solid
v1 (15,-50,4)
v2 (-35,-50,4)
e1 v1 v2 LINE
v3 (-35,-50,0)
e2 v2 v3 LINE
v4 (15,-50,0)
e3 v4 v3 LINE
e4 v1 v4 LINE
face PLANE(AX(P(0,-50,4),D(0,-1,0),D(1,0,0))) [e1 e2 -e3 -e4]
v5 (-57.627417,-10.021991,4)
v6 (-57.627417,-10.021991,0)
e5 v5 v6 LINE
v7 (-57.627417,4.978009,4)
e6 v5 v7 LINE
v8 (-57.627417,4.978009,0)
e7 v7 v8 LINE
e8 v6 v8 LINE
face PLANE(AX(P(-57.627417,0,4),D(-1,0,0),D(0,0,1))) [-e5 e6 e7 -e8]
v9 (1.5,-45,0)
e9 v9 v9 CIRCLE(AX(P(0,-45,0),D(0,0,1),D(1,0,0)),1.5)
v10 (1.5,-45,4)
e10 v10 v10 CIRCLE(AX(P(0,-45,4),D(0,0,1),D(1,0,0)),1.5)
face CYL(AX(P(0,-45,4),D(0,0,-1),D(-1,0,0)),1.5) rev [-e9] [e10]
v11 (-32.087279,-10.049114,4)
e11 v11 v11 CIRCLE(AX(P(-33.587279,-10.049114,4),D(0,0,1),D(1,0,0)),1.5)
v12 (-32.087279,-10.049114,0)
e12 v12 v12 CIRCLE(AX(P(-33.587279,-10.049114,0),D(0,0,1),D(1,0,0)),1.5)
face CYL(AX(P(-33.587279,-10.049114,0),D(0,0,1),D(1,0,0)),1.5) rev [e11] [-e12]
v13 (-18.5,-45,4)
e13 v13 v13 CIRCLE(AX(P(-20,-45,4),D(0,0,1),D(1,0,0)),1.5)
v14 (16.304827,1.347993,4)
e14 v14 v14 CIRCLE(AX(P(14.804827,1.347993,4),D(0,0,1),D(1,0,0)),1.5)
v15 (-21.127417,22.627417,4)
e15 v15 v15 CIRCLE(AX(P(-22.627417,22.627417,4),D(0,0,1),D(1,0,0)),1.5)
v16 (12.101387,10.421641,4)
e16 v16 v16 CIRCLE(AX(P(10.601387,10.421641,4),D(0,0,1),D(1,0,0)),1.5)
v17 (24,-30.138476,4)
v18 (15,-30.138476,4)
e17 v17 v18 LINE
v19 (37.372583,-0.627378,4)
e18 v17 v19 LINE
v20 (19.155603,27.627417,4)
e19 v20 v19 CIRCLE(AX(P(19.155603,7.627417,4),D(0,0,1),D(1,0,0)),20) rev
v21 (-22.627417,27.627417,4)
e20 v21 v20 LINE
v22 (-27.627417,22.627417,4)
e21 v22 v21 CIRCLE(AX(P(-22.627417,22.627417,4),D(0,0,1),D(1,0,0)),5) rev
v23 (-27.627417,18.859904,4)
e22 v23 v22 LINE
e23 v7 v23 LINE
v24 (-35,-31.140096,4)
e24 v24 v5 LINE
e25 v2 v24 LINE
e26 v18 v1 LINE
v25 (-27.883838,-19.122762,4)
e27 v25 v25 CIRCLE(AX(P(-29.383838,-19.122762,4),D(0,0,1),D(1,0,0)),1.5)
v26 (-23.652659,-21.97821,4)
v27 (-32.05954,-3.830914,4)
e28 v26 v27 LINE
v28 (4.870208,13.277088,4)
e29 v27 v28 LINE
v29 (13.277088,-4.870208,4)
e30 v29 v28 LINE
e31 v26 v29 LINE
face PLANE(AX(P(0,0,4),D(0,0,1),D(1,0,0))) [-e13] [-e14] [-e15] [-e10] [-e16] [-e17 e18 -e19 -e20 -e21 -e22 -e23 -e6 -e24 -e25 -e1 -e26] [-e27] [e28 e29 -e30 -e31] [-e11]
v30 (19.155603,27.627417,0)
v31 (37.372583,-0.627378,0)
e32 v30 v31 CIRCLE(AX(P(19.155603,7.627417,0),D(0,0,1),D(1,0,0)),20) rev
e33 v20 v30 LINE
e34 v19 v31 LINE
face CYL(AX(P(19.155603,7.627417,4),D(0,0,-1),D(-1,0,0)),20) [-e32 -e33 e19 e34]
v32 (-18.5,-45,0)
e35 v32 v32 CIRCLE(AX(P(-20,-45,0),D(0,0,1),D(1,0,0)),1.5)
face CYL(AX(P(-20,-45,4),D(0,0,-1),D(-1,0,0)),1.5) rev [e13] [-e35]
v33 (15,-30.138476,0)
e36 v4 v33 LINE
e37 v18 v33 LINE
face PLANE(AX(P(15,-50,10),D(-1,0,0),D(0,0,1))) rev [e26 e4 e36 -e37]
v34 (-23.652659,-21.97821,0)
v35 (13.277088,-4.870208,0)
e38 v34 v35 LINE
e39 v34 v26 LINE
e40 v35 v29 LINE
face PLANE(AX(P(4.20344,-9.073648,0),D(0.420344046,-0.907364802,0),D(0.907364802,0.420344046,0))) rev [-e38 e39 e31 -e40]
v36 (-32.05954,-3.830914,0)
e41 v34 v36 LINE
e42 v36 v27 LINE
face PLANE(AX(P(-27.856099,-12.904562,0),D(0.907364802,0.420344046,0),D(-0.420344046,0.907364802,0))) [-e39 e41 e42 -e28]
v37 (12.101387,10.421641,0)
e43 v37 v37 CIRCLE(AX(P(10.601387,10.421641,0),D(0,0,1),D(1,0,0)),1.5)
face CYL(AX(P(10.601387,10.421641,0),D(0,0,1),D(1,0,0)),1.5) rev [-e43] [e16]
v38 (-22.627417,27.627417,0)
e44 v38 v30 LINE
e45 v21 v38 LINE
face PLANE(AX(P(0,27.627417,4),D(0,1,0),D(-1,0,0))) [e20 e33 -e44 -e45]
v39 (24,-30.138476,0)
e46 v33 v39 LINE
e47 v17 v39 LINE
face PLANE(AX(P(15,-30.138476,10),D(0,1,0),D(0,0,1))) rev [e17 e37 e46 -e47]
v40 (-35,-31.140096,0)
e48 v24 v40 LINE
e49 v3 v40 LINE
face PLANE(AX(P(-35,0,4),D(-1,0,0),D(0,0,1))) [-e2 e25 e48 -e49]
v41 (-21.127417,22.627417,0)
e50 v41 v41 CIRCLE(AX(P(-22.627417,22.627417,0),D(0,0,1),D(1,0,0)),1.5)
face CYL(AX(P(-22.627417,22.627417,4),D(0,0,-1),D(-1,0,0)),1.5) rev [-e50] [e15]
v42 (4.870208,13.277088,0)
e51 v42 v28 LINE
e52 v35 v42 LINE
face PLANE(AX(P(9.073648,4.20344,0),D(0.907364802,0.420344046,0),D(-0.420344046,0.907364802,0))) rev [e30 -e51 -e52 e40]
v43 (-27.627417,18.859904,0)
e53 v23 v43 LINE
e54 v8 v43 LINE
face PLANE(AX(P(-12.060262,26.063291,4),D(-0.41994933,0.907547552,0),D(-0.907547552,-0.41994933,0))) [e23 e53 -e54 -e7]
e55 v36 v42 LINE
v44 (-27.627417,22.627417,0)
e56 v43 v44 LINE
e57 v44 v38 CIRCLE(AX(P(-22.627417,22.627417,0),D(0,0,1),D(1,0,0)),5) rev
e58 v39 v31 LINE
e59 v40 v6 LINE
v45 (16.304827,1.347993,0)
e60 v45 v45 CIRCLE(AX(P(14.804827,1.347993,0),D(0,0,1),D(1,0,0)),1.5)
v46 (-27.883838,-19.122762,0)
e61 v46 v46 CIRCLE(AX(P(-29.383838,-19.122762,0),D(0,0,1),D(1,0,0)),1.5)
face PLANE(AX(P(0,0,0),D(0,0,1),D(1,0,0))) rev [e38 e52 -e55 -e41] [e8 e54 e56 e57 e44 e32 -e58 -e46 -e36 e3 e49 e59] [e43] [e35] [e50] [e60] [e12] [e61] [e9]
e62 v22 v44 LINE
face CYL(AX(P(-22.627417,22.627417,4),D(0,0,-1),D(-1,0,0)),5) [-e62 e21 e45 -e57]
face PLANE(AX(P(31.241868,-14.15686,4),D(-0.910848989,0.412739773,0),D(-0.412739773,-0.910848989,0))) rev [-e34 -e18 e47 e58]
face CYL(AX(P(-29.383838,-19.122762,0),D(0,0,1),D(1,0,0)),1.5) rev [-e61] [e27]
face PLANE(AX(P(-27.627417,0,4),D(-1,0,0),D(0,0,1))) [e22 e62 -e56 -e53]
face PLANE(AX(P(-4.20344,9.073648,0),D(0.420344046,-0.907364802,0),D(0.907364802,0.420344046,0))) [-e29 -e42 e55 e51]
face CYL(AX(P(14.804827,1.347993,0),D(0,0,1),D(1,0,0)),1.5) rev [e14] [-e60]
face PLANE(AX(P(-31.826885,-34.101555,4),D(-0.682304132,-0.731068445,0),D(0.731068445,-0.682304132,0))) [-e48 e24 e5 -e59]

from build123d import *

# Parameters (mm, degrees)
SCHIZZO1_R                   = 2.5
SCHIZZO1_R_2                 = 1.5
ESTRUSIONE_ESTRUSIONE1_DEPTH = 4
TAGLIO_ESTRUSIONE1_DEPTH     = 77.399732917
SCHIZZO3_R                   = 1.5
TAGLIO_ESTRUSIONE2_DEPTH     = 77.399732917
CROQUIS1_W                   = 9
CROQUIS1_H                   = 19.861523984
CORTAR_EXTRUIR1_DEPTH        = 10


with BuildPart() as part:
    # Schizzo1 → Estrusione-Estrusione1 (new body)
    with BuildSketch(Plane.XY):
        with BuildLine():
            Line((15, -50), (-35, -50))
            Line((-35, -50), (-35, -31.140095692))
            Line((-35, -31.140095692), (-57.627416998, -10.021990785))
            Line((-57.627416998, -10.021990785), (-57.627416998, 4.978009215))
            Line((-57.627416998, 4.978009215), (-27.627416998, 18.859904308))
            Line((-27.627416998, 18.859904308), (-27.627416998, 22.627416998))
            ThreePointArc((-27.627416998, 22.627416998), (-26.162950904, 26.162950904), (-22.627416998, 27.627416998))
            Line((-22.627416998, 27.627416998), (19.155603231, 27.627416998))
            ThreePointArc((19.155603231, 27.627416998), (35.964766047, 18.464946487), (37.372583002, -0.627378458))
            Line((37.372583002, -0.627378458), (15, -50))
        make_face()
        Circle(SCHIZZO1_R, mode=Mode.SUBTRACT)
        with Locations((-20, -45)):
            Circle(SCHIZZO1_R_2, mode=Mode.SUBTRACT)
        with Locations((0, -45)):
            Circle(SCHIZZO1_R_2, mode=Mode.SUBTRACT)
        with Locations((-22.627416998, 22.627416998)):
            Circle(SCHIZZO1_R_2, mode=Mode.SUBTRACT)
    extrude(amount=ESTRUSIONE_ESTRUSIONE1_DEPTH)

    # Schizzo2 → Taglio-Estrusione1 (cut, through all)
    with BuildSketch(Plane.XY.offset(4)):
        with BuildLine():
            Line((-27.856099407, -12.90456221), (-2.268412004, -1.050860115))
            ThreePointArc((-2.268412004, -1.050860115), (-1.050860115, 2.268412004), (2.268412004, 1.050860115))
            Line((2.268412004, 1.050860115), (9.073648015, 4.203440459))
            Line((9.073648015, 4.203440459), (4.870207556, 13.277088475))
            Line((4.870207556, 13.277088475), (-32.059539866, -3.830914194))
            Line((-32.059539866, -3.830914194), (-27.856099407, -12.90456221))
        make_face()
        with BuildLine():
            ThreePointArc((2.5, 0), (0.538038098, -2.441416598), (-2.268412004, -1.050860115))
            Line((-2.268412004, -1.050860115), (-27.856099407, -12.90456221))
            Line((-27.856099407, -12.90456221), (-23.652658948, -21.978210225))
            Line((-23.652658948, -21.978210225), (13.277088475, -4.870207556))
            Line((13.277088475, -4.870207556), (9.073648015, 4.203440459))
            Line((9.073648015, 4.203440459), (2.268412004, 1.050860115))
            ThreePointArc((2.268412004, 1.050860115), (2.441416598, 0.538038098), (2.5, 0))
        make_face()
    extrude(amount=-TAGLIO_ESTRUSIONE1_DEPTH, mode=Mode.SUBTRACT)

    # Schizzo3 → Taglio-Estrusione2 (cut, through all)
    with BuildSketch(Plane.XY.offset(4)):
        with Locations((10.601386992, 10.421640651)):
            Circle(SCHIZZO3_R)
        with Locations((14.804827451, 1.347992635)):
            Circle(SCHIZZO3_R)
        with Locations((-29.383838384, -19.122762401)):
            Circle(SCHIZZO3_R)
        with Locations((-33.587278843, -10.049114386)):
            Circle(SCHIZZO3_R)
    extrude(amount=-TAGLIO_ESTRUSIONE2_DEPTH, mode=Mode.SUBTRACT)

    # Croquis1 → Cortar-Extruir1 (cut)
    with BuildSketch(Plane(origin=(0, 0, 0), x_dir=(-1, 0, 0), z_dir=(0, 0, -1))):
        with Locations((-19.5, -40.069238008)):
            Rectangle(CROQUIS1_W, CROQUIS1_H)
    extrude(amount=-CORTAR_EXTRUIR1_DEPTH, mode=Mode.SUBTRACT)


solid = part.part
